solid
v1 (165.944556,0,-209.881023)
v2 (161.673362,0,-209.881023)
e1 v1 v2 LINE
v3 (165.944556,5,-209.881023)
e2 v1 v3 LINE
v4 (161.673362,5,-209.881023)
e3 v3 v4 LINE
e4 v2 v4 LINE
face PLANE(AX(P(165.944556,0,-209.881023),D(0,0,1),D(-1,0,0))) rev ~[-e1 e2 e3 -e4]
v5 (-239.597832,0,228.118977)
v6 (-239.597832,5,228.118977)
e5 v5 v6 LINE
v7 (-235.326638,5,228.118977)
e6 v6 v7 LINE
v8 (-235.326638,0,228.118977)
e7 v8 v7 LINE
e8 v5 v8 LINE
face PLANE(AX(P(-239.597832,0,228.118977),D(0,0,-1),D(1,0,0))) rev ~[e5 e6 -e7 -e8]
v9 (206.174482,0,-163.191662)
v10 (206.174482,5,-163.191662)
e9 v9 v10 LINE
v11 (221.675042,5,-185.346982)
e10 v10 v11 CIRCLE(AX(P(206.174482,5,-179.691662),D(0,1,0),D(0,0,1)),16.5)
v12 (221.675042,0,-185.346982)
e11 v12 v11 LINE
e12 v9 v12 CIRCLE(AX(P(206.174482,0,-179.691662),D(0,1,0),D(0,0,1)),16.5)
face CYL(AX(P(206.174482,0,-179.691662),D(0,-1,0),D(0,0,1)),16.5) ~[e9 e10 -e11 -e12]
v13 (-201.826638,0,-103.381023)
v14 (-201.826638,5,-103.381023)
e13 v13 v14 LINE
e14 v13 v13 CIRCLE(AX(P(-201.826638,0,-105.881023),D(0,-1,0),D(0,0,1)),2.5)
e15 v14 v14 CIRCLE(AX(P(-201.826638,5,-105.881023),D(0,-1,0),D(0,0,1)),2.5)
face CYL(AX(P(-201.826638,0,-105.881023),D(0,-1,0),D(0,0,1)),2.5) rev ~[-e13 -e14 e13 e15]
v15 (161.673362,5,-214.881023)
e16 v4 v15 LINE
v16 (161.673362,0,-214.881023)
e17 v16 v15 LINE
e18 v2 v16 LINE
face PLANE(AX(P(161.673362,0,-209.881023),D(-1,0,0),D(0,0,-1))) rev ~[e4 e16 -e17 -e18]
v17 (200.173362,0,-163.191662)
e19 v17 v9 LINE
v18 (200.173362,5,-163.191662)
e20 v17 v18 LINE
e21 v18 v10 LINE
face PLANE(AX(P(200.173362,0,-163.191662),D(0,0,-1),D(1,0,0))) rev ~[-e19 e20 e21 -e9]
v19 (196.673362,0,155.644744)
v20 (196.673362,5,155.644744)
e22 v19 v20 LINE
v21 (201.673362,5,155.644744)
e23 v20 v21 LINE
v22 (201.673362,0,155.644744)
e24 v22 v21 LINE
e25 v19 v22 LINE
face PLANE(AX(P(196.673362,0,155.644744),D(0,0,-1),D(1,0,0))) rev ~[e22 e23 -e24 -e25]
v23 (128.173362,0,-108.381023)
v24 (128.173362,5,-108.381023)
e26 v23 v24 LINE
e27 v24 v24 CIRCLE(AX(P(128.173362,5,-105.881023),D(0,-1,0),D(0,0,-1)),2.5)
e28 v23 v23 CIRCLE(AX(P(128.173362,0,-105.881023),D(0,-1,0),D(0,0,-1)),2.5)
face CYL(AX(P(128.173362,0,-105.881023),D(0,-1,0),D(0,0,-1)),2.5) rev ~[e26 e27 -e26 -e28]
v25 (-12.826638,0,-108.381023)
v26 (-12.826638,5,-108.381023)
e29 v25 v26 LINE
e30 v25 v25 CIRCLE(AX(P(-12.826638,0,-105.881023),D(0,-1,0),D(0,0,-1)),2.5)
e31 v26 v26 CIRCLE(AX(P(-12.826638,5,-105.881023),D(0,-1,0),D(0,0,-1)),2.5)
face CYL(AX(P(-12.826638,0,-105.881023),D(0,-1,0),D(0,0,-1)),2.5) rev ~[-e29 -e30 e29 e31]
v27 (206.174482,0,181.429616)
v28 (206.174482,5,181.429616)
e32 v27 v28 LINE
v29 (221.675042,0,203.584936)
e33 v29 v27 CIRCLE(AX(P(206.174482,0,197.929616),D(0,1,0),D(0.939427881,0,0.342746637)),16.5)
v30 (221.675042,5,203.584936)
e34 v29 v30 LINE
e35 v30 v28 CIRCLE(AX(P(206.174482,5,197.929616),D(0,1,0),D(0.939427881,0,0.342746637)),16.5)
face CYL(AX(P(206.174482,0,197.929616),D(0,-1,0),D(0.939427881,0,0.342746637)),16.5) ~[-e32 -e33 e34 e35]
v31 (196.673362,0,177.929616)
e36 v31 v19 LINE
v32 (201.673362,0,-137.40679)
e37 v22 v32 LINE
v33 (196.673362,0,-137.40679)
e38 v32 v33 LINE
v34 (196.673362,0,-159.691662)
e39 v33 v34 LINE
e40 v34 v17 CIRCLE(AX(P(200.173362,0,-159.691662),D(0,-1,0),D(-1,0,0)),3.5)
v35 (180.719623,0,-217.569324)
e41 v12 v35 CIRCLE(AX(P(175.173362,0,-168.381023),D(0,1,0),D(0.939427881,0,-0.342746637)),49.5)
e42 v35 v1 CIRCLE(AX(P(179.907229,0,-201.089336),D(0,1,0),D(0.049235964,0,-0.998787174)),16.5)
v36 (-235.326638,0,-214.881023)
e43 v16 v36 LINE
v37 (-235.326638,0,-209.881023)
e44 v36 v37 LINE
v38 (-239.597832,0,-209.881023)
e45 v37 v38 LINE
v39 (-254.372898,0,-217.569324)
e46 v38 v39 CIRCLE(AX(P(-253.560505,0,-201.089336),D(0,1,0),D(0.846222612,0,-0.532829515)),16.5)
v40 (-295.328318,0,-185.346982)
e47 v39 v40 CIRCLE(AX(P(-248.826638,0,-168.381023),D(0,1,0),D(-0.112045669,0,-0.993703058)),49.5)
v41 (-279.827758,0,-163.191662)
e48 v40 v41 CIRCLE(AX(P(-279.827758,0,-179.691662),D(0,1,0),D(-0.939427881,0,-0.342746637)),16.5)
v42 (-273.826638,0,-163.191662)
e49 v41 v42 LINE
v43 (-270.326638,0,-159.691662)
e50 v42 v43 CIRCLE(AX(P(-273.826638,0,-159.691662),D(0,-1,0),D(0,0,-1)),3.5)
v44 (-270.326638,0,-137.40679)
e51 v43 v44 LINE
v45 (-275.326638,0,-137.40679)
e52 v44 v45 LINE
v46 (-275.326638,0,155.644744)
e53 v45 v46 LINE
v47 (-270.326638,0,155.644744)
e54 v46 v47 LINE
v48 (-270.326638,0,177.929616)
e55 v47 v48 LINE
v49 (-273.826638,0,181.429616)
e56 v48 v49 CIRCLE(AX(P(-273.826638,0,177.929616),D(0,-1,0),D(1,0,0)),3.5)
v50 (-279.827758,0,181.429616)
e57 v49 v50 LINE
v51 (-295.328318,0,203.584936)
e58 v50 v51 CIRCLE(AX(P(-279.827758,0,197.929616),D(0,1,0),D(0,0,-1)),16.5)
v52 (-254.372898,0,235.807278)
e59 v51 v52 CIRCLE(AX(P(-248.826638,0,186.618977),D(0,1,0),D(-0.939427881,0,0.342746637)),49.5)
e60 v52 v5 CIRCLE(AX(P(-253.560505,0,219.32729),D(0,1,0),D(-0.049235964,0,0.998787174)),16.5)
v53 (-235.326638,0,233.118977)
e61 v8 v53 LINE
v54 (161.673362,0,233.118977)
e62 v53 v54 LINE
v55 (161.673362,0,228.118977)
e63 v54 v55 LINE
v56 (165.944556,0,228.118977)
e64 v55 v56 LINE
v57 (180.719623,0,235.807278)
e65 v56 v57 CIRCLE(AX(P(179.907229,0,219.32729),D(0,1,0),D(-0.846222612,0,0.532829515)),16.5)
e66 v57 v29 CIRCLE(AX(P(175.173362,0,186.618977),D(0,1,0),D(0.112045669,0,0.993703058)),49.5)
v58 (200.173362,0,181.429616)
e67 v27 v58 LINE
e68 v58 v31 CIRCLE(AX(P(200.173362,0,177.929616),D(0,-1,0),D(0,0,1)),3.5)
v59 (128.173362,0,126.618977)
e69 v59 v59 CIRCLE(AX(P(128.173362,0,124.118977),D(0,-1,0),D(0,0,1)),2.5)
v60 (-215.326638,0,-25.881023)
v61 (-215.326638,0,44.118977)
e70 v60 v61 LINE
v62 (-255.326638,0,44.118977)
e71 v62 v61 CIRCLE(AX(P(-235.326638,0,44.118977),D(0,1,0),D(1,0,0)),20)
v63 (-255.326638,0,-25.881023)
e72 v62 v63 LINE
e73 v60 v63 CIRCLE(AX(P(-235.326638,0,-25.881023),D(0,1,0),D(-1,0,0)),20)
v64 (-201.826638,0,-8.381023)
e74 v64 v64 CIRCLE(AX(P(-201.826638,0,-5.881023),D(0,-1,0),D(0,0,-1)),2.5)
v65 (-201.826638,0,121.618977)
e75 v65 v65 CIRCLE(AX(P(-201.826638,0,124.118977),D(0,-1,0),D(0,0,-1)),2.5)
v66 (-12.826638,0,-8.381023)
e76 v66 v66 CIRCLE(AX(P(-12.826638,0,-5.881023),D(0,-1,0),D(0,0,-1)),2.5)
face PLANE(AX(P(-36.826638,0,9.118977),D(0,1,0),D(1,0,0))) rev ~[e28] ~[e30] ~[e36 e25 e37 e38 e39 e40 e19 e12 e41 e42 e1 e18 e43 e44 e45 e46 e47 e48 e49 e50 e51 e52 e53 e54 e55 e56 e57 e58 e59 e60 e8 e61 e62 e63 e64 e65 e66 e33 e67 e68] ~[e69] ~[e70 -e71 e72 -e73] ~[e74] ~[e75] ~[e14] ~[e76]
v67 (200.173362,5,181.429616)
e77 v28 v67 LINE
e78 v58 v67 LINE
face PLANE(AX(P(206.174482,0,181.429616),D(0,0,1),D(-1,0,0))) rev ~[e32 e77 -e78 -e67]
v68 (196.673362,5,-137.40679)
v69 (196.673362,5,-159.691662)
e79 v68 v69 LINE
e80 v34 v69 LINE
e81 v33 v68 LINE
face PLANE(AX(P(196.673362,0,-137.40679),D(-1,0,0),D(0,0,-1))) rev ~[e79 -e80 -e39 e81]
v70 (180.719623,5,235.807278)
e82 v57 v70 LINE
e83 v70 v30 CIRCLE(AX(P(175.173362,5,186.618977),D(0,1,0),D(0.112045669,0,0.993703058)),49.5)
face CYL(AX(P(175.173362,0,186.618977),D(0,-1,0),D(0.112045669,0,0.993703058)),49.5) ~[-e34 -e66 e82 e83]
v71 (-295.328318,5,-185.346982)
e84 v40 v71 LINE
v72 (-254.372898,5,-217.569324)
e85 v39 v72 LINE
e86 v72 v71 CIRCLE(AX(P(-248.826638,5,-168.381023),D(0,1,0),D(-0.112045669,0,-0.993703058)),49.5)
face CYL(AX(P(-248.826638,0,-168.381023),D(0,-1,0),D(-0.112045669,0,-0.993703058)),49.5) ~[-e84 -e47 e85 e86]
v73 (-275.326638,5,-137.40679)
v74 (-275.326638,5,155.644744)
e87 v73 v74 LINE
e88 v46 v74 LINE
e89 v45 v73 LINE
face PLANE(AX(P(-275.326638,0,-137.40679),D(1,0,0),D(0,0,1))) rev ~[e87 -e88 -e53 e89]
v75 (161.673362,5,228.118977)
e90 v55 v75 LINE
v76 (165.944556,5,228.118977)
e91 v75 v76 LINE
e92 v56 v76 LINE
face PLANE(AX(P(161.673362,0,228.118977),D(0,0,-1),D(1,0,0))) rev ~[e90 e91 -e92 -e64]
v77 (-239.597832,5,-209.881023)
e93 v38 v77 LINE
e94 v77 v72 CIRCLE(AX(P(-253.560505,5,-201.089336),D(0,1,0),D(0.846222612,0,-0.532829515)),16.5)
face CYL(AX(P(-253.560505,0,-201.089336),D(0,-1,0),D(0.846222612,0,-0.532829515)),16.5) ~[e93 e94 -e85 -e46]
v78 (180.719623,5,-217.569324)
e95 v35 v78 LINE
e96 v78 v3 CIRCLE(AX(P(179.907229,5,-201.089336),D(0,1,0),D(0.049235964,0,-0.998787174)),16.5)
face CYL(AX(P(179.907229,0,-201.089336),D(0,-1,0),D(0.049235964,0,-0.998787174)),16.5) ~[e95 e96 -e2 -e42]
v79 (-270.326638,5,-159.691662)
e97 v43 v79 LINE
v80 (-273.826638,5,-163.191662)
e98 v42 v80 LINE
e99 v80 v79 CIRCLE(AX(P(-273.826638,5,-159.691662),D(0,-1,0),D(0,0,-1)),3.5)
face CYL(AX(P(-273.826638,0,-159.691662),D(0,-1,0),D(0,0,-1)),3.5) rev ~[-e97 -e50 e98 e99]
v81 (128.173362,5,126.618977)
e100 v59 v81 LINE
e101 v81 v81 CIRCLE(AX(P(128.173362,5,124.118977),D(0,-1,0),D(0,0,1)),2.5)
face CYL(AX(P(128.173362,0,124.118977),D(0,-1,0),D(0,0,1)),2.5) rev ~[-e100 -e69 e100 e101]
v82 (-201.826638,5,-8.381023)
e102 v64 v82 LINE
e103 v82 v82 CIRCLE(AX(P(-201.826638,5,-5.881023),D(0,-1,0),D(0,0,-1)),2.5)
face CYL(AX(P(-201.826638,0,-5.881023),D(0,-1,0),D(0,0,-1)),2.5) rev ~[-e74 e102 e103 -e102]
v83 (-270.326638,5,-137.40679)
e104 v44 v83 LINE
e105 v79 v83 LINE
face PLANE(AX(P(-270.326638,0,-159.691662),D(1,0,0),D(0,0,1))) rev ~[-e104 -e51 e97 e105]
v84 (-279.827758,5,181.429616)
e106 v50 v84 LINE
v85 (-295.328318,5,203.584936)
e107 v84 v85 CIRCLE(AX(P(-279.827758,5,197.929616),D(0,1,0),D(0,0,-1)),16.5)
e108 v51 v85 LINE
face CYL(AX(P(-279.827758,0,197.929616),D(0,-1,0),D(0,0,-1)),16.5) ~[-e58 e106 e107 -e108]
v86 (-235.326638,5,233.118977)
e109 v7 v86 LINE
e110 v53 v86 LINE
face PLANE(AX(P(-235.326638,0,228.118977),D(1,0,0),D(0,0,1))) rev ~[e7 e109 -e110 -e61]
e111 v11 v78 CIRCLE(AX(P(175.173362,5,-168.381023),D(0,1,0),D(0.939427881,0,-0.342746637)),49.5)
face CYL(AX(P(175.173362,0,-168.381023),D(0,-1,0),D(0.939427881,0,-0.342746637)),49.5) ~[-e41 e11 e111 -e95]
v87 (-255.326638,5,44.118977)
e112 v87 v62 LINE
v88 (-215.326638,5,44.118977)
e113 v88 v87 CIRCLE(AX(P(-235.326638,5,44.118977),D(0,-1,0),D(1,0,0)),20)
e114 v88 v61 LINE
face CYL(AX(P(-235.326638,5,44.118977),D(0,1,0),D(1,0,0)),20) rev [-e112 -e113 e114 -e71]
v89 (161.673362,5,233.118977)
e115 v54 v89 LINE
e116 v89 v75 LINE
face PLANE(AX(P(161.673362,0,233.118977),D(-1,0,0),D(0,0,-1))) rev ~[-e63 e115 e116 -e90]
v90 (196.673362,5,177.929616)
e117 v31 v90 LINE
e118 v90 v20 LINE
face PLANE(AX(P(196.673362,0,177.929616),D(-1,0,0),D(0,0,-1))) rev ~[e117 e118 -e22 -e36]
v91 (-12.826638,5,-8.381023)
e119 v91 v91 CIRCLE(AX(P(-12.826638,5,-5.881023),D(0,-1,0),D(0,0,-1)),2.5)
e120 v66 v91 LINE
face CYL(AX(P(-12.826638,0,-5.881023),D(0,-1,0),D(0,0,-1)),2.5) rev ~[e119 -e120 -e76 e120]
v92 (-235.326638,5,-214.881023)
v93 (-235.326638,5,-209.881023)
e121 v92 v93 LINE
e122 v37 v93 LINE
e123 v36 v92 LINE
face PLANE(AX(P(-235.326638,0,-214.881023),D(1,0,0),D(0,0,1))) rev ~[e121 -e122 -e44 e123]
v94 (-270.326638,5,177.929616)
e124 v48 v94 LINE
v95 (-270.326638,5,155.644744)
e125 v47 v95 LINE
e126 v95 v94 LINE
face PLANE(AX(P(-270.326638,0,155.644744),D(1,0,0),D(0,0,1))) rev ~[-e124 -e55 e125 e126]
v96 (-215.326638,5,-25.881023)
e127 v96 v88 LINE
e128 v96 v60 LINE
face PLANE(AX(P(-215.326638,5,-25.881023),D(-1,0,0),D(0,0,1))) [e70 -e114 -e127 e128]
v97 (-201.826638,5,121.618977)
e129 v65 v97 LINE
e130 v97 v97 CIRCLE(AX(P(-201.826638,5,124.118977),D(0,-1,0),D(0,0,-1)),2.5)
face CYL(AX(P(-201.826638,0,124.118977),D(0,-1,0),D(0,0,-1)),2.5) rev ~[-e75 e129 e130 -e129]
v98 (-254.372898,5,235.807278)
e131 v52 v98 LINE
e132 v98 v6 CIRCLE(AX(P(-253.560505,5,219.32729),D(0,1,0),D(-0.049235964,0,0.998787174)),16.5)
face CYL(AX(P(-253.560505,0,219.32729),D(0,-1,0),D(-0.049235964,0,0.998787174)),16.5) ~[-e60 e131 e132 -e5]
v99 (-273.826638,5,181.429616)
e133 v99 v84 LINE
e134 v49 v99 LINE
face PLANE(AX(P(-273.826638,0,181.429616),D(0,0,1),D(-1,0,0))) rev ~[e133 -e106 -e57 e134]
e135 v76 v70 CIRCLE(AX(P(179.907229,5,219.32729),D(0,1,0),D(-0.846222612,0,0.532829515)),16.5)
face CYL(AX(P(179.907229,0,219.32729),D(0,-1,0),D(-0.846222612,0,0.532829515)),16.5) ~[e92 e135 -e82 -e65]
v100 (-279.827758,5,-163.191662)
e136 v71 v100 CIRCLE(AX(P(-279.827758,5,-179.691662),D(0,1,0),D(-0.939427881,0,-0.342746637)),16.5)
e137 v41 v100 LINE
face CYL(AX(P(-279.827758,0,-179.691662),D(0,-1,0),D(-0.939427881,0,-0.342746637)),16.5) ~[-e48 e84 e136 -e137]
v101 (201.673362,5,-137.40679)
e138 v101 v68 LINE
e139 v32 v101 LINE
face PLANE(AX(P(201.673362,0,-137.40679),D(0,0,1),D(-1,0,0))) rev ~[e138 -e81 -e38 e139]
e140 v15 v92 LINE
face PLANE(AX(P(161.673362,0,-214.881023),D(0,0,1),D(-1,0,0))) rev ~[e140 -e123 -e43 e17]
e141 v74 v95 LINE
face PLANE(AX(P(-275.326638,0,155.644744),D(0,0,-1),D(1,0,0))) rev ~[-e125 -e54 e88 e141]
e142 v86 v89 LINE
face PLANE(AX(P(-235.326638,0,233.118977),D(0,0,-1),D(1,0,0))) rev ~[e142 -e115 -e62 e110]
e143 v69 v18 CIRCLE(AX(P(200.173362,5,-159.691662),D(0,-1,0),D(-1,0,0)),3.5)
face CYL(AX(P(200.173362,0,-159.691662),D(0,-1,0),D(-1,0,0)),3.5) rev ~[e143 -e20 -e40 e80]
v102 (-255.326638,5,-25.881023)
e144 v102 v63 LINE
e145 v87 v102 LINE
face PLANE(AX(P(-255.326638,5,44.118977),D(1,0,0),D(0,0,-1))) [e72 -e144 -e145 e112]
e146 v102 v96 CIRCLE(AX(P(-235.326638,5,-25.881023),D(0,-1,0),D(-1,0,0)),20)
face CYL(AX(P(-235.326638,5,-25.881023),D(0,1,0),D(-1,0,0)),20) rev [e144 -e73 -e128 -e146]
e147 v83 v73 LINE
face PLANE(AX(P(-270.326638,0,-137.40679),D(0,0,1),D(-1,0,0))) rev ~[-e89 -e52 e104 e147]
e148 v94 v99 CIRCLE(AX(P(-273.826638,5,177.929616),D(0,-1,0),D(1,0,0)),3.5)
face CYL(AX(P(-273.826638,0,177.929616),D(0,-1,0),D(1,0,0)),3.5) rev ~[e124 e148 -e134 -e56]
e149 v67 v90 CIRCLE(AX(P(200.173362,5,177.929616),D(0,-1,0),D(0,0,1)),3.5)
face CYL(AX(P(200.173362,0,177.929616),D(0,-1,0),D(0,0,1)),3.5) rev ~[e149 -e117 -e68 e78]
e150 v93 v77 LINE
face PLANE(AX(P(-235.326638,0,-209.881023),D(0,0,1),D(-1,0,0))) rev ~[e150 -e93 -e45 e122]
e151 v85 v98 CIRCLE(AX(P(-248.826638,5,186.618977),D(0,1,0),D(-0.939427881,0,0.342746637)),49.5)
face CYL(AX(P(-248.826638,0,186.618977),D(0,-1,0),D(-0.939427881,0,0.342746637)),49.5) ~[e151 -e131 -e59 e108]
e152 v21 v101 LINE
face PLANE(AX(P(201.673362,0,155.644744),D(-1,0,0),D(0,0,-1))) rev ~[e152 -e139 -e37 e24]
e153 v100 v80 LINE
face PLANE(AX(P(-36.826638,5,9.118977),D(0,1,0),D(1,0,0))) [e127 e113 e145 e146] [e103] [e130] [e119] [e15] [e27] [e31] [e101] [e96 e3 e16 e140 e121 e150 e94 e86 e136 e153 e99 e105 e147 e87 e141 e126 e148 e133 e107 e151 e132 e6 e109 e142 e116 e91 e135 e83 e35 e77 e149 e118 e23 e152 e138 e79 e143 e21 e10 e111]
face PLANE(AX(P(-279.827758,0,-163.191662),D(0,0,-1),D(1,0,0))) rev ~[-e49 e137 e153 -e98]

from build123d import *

# Parameters (mm, degrees)
BOSS_EXTRUDE1_DEPTH = 5
SKETCH4_R           = 2.5
CUT_EXTRUDE1_DEPTH  = 20
CUT_EXTRUDE2_DEPTH  = 10
SKETCH8_R           = 2.5
CUT_EXTRUDE3_DEPTH  = 10


with BuildPart() as part:
    # Sketch1 → Boss-Extrude1 (new body)
    with BuildSketch(Plane(origin=(0, 0, 0), x_dir=(1, 0, 0), z_dir=(0, 1, 0))):
        with BuildLine():
            Line((-279.827757823, 163.191662052), (-273.826637764, 163.191662052))
            ThreePointArc((-273.826637764, 163.191662052), (-271.35176403, 162.166535786), (-270.326637764, 159.691662052))
            Line((-270.326637764, 159.691662052), (-270.326637764, 137.406790352))
            Line((-270.326637764, 137.406790352), (-275.326637764, 137.406790352))
            Line((-275.326637764, 137.406790352), (-275.326637764, -155.644744292))
            Line((-275.326637764, -155.644744292), (-270.326637764, -155.644744292))
            Line((-270.326637764, -155.644744292), (-270.326637764, -177.929615992))
            ThreePointArc((-270.326637764, -177.929615992), (-271.35176403, -180.404489727), (-273.826637764, -181.429615992))
            Line((-273.826637764, -181.429615992), (-279.827757823, -181.429615992))
            ThreePointArc((-279.827757823, -181.429615992), (-293.34742446, -188.470830973), (-295.328317853, -203.584935503))
            ThreePointArc((-295.328317853, -203.584935503), (-279.434102169, -225.521844766), (-254.372898367, -235.807278357))
            ThreePointArc((-254.372898367, -235.807278357), (-245.944078079, -233.964230965), (-239.597831877, -228.11897697))
            Line((-239.597831877, -228.11897697), (-235.326637764, -228.11897697))
            Line((-235.326637764, -228.11897697), (-235.326637764, -233.11897697))
            Line((-235.326637764, -233.11897697), (161.673362236, -233.11897697))
            Line((161.673362236, -233.11897697), (161.673362236, -228.11897697))
            Line((161.673362236, -228.11897697), (165.944556349, -228.11897697))
            ThreePointArc((165.944556349, -228.11897697), (172.290802551, -233.964230965), (180.719622838, -235.807278357))
            ThreePointArc((180.719622838, -235.807278357), (205.780826641, -225.521844766), (221.675042324, -203.584935503))
            ThreePointArc((221.675042324, -203.584935503), (219.694148932, -188.470830973), (206.174482295, -181.429615992))
            Line((206.174482295, -181.429615992), (200.173362236, -181.429615992))
            ThreePointArc((200.173362236, -181.429615992), (197.698488502, -180.404489727), (196.673362236, -177.929615992))
            Line((196.673362236, -177.929615992), (196.673362236, -155.644744292))
            Line((196.673362236, -155.644744292), (201.673362236, -155.644744292))
            Line((201.673362236, -155.644744292), (201.673362236, 137.406790352))
            Line((201.673362236, 137.406790352), (196.673362236, 137.406790352))
            Line((196.673362236, 137.406790352), (196.673362236, 159.691662052))
            ThreePointArc((196.673362236, 159.691662052), (197.698488502, 162.166535786), (200.173362236, 163.191662052))
            Line((200.173362236, 163.191662052), (206.174482295, 163.191662052))
            ThreePointArc((206.174482295, 163.191662052), (219.694148932, 170.232877033), (221.675042324, 185.346981563))
            ThreePointArc((221.675042324, 185.346981563), (205.780826641, 207.283890825), (180.719622838, 217.569324417))
            ThreePointArc((180.719622838, 217.569324417), (172.290802551, 215.726277025), (165.944556349, 209.88102303))
            Line((165.944556349, 209.88102303), (161.673362236, 209.88102303))
            Line((161.673362236, 209.88102303), (161.673362236, 214.88102303))
            Line((161.673362236, 214.88102303), (-235.326637764, 214.88102303))
            Line((-235.326637764, 214.88102303), (-235.326637764, 209.88102303))
            Line((-235.326637764, 209.88102303), (-239.597831877, 209.88102303))
            ThreePointArc((-239.597831877, 209.88102303), (-245.944078079, 215.726277025), (-254.372898367, 217.569324417))
            ThreePointArc((-254.372898367, 217.569324417), (-279.434102169, 207.283890825), (-295.328317853, 185.346981563))
            ThreePointArc((-295.328317853, 185.346981563), (-293.34742446, 170.232877033), (-279.827757823, 163.191662052))
        make_face()
    extrude(amount=BOSS_EXTRUDE1_DEPTH)

    # Sketch4 → Cut-Extrude1 (cut)
    with BuildSketch(Plane.XZ):
        with Locations(Location((-201.826637764, 124.11897697, 0), (0, 0, 270))):
            Circle(SKETCH4_R)
        with Locations(Location((-201.826637764, -105.88102303, 0), (0, 0, 90))):
            Circle(SKETCH4_R)
        with Locations(Location((128.173362236, -105.88102303, 0), (0, 0, 270))):
            Circle(SKETCH4_R)
        with Locations(Location((128.173362236, 124.11897697, 0), (0, 0, 90))):
            Circle(SKETCH4_R)
    extrude(amount=-CUT_EXTRUDE1_DEPTH, mode=Mode.SUBTRACT)

    # Sketch5 → Cut-Extrude2 (cut)
    with BuildSketch(Plane(origin=(0, 5, 0), x_dir=(1, 0, 0), z_dir=(0, 1, 0))):
        with BuildLine():
            Line((-255.326637764, -44.11897697), (-255.326637764, 25.88102303))
            ThreePointArc((-255.326637764, 25.88102303), (-235.326637764, 45.88102303), (-215.326637764, 25.88102303))
            Line((-215.326637764, 25.88102303), (-215.326637764, -44.11897697))
            ThreePointArc((-215.326637764, -44.11897697), (-235.326637764, -64.11897697), (-255.326637764, -44.11897697))
        make_face()
    extrude(amount=-CUT_EXTRUDE2_DEPTH, mode=Mode.SUBTRACT)

    # Sketch8 → Cut-Extrude3 (cut)
    with BuildSketch(Plane.XZ):
        with Locations(Location((-201.826637764, -105.88102303, 0), (0, 0, 90))):
            Circle(SKETCH8_R)
        with Locations(Location((-201.826637764, -5.88102303, 0), (0, 0, 270))):
            Circle(SKETCH8_R)
        with Locations(Location((-12.826637764, -5.88102303, 0), (0, 0, 270))):
            Circle(SKETCH8_R)
        with Locations(Location((-12.826637764, -105.88102303, 0), (0, 0, 270))):
            Circle(SKETCH8_R)
    extrude(amount=-CUT_EXTRUDE3_DEPTH, mode=Mode.SUBTRACT)


solid = part.part
